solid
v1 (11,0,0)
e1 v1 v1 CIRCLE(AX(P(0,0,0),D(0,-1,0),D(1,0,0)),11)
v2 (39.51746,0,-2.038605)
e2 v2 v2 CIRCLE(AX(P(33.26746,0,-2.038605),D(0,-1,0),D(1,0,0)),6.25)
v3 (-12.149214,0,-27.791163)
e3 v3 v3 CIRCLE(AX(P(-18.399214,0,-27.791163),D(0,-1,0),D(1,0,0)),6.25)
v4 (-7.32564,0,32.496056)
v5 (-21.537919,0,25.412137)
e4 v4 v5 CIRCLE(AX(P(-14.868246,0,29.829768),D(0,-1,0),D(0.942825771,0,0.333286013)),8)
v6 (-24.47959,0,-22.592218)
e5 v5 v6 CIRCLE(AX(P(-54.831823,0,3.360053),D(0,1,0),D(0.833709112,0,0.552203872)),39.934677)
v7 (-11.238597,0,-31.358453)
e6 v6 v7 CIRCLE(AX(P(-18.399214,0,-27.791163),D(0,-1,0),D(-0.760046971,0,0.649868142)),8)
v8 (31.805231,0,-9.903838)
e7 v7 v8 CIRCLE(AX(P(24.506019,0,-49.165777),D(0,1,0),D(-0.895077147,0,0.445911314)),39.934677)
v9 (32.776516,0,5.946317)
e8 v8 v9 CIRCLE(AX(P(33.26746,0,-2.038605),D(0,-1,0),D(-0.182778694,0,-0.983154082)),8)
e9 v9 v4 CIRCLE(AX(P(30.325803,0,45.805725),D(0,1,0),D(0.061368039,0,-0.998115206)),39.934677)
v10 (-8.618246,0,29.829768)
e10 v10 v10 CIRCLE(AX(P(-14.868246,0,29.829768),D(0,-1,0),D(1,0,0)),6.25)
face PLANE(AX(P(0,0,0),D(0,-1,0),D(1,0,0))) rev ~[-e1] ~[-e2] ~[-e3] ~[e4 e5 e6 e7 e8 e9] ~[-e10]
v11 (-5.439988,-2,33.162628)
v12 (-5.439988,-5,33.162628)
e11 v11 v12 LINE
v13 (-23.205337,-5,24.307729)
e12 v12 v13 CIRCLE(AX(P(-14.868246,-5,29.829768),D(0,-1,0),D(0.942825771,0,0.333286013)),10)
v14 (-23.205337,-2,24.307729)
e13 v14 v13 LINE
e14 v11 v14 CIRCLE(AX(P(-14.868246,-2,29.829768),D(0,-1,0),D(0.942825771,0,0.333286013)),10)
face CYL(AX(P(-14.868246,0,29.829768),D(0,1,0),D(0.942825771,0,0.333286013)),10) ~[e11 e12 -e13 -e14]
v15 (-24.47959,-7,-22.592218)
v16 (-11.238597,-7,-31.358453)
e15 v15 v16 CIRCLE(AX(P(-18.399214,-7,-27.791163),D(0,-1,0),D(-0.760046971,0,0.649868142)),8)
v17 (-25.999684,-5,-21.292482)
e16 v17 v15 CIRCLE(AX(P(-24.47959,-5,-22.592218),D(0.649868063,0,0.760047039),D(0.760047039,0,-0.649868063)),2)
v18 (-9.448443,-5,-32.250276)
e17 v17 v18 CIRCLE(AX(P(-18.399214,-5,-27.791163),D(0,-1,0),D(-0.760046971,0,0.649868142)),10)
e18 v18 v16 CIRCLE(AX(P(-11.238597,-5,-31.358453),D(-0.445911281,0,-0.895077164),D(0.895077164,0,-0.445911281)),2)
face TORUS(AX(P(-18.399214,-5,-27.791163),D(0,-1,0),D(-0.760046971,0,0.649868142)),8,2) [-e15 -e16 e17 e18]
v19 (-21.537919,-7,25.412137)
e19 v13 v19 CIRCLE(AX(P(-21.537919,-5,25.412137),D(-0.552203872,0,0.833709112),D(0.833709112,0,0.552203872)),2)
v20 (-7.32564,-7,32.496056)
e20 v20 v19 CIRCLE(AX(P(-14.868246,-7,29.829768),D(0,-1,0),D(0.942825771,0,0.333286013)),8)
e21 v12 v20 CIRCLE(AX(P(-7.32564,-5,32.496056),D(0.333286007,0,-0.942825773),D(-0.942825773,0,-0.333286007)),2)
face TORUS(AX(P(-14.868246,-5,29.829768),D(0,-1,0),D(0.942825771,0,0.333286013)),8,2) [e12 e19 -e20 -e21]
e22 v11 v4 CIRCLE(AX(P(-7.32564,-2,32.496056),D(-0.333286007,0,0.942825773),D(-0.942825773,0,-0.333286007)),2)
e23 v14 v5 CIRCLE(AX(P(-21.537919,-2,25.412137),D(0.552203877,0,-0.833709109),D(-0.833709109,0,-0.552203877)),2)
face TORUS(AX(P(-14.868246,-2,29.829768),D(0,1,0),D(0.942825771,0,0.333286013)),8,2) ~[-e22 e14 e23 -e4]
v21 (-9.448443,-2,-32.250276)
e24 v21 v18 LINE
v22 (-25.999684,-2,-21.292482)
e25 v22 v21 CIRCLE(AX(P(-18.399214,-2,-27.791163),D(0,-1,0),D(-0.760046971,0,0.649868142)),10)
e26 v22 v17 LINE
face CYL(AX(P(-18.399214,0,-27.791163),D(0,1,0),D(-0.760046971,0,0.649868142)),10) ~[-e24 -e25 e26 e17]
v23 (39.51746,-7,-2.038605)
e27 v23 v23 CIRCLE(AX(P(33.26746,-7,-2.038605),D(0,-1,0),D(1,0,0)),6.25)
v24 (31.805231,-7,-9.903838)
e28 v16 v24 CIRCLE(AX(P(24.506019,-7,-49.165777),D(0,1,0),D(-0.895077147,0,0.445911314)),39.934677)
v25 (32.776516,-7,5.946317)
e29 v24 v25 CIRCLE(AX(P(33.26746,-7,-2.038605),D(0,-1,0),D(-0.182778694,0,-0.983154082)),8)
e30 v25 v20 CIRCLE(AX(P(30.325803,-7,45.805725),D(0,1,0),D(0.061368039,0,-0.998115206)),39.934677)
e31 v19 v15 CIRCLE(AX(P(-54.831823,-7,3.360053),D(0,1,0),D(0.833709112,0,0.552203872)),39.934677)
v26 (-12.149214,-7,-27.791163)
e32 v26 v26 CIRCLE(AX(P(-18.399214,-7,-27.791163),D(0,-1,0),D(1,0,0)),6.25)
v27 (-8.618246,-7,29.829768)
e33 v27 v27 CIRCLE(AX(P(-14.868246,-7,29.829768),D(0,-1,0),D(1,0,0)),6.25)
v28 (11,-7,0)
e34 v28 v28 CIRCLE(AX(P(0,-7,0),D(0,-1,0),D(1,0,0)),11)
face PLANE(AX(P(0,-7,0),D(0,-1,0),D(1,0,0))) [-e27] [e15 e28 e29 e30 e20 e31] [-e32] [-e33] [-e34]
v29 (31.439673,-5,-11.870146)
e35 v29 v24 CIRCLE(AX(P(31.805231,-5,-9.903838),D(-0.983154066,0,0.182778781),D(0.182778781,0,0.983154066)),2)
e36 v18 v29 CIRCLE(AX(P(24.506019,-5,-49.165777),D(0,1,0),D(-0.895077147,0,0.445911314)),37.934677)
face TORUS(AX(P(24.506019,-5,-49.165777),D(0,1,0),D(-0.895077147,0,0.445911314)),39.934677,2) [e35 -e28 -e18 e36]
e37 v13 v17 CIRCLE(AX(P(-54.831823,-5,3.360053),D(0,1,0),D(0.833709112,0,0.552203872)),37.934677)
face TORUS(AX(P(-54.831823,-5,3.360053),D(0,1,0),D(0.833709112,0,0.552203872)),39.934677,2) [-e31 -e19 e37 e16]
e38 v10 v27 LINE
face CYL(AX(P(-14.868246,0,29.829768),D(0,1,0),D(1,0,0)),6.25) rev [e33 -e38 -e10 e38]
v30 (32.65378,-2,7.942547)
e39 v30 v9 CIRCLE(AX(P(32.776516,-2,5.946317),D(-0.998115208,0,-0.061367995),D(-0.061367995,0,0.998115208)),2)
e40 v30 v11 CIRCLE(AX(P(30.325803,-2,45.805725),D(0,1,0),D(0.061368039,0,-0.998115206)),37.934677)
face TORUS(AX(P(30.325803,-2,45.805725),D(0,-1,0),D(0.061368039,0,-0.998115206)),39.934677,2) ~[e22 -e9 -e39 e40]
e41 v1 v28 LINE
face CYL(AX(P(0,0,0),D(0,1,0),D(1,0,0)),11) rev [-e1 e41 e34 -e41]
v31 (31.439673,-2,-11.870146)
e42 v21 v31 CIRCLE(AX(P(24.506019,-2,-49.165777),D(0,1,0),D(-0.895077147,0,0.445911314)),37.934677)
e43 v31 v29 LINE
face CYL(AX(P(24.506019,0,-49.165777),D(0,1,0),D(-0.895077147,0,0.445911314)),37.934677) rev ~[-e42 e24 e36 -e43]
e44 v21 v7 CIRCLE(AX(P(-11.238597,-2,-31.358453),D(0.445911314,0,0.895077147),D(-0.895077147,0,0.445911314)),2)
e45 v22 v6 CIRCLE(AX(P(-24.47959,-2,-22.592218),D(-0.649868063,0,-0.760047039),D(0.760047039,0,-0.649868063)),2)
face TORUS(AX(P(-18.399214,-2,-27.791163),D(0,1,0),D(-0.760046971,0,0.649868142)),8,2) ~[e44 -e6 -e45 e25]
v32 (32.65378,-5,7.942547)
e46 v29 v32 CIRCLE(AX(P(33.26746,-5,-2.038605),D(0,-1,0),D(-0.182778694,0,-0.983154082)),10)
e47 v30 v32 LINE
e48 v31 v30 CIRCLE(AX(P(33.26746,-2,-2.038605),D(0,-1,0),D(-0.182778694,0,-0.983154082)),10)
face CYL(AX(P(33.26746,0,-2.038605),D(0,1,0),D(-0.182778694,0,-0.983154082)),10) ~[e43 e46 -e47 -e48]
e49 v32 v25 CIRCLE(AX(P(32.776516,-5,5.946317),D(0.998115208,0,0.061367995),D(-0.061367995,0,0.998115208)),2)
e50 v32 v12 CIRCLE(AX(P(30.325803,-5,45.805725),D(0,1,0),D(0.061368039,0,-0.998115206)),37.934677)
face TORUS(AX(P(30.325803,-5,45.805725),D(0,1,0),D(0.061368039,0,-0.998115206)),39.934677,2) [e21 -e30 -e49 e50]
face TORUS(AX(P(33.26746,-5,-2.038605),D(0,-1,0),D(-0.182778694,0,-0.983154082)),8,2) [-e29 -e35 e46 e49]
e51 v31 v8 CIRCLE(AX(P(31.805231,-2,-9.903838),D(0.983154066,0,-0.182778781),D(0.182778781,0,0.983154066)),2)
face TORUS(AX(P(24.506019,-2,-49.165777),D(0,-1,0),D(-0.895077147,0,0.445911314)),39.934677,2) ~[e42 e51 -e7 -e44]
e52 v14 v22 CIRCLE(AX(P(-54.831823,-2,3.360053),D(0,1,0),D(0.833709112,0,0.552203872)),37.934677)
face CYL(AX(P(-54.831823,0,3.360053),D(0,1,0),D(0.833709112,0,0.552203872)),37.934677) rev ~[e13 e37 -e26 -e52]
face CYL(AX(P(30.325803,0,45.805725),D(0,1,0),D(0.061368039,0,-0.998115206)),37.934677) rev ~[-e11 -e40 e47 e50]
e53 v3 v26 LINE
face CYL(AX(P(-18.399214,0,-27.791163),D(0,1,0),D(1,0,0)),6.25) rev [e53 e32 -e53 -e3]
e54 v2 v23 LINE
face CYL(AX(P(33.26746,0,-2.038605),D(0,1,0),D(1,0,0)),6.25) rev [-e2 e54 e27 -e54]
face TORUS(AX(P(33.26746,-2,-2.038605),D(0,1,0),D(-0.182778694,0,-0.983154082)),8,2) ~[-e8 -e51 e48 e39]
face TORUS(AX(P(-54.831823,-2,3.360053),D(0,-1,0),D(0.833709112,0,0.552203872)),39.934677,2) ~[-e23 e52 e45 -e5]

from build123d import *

# Parameters (mm, degrees)
F0_R     = 6.25
F0_R_2   = 11
F1_DEPTH = 7
F2_R     = 2


with BuildPart() as f1:
    # F0 (on Front) → F1 (new body)
    with BuildSketch(Plane.XZ):
        with BuildLine():
            ThreePointArc((-9.448443, -32.250276), (7.583595, -15.214765), (31.439673, -11.870146))
            ThreePointArc((31.439673, -11.870146), (43.248737, -2.65025), (32.65378, 7.942547))
            ThreePointArc((32.65378, 7.942547), (9.384576, 14.174969), (-5.439988, 33.162628))
            ThreePointArc((-5.439988, 33.162628), (-19.329184, 38.77963), (-23.205337, 24.307729))
            ThreePointArc((-23.205337, 24.307729), (-16.968171, 1.039797), (-25.999684, -21.292482))
            ThreePointArc((-25.999684, -21.292482), (-23.919553, -36.12938), (-9.448443, -32.250276))
        make_face()
        with Locations((-18.399214, -27.791163)):
            Circle(F0_R, mode=Mode.SUBTRACT)
        Circle(F0_R_2, mode=Mode.SUBTRACT)
        with Locations((33.26746, -2.038605)):
            Circle(F0_R, mode=Mode.SUBTRACT)
        with Locations((-14.868246, 29.829768)):
            Circle(F0_R, mode=Mode.SUBTRACT)
    extrude(amount=F1_DEPTH)

    # F2
    f2_edges = [f1.edges().sort_by_distance(p)[0] for p in [
        (-16.968171, -7, 1.039797),
        (7.583595, 0, -15.214765),
    ]]
    fillet(f2_edges, radius=F2_R)


solid = f1.part
